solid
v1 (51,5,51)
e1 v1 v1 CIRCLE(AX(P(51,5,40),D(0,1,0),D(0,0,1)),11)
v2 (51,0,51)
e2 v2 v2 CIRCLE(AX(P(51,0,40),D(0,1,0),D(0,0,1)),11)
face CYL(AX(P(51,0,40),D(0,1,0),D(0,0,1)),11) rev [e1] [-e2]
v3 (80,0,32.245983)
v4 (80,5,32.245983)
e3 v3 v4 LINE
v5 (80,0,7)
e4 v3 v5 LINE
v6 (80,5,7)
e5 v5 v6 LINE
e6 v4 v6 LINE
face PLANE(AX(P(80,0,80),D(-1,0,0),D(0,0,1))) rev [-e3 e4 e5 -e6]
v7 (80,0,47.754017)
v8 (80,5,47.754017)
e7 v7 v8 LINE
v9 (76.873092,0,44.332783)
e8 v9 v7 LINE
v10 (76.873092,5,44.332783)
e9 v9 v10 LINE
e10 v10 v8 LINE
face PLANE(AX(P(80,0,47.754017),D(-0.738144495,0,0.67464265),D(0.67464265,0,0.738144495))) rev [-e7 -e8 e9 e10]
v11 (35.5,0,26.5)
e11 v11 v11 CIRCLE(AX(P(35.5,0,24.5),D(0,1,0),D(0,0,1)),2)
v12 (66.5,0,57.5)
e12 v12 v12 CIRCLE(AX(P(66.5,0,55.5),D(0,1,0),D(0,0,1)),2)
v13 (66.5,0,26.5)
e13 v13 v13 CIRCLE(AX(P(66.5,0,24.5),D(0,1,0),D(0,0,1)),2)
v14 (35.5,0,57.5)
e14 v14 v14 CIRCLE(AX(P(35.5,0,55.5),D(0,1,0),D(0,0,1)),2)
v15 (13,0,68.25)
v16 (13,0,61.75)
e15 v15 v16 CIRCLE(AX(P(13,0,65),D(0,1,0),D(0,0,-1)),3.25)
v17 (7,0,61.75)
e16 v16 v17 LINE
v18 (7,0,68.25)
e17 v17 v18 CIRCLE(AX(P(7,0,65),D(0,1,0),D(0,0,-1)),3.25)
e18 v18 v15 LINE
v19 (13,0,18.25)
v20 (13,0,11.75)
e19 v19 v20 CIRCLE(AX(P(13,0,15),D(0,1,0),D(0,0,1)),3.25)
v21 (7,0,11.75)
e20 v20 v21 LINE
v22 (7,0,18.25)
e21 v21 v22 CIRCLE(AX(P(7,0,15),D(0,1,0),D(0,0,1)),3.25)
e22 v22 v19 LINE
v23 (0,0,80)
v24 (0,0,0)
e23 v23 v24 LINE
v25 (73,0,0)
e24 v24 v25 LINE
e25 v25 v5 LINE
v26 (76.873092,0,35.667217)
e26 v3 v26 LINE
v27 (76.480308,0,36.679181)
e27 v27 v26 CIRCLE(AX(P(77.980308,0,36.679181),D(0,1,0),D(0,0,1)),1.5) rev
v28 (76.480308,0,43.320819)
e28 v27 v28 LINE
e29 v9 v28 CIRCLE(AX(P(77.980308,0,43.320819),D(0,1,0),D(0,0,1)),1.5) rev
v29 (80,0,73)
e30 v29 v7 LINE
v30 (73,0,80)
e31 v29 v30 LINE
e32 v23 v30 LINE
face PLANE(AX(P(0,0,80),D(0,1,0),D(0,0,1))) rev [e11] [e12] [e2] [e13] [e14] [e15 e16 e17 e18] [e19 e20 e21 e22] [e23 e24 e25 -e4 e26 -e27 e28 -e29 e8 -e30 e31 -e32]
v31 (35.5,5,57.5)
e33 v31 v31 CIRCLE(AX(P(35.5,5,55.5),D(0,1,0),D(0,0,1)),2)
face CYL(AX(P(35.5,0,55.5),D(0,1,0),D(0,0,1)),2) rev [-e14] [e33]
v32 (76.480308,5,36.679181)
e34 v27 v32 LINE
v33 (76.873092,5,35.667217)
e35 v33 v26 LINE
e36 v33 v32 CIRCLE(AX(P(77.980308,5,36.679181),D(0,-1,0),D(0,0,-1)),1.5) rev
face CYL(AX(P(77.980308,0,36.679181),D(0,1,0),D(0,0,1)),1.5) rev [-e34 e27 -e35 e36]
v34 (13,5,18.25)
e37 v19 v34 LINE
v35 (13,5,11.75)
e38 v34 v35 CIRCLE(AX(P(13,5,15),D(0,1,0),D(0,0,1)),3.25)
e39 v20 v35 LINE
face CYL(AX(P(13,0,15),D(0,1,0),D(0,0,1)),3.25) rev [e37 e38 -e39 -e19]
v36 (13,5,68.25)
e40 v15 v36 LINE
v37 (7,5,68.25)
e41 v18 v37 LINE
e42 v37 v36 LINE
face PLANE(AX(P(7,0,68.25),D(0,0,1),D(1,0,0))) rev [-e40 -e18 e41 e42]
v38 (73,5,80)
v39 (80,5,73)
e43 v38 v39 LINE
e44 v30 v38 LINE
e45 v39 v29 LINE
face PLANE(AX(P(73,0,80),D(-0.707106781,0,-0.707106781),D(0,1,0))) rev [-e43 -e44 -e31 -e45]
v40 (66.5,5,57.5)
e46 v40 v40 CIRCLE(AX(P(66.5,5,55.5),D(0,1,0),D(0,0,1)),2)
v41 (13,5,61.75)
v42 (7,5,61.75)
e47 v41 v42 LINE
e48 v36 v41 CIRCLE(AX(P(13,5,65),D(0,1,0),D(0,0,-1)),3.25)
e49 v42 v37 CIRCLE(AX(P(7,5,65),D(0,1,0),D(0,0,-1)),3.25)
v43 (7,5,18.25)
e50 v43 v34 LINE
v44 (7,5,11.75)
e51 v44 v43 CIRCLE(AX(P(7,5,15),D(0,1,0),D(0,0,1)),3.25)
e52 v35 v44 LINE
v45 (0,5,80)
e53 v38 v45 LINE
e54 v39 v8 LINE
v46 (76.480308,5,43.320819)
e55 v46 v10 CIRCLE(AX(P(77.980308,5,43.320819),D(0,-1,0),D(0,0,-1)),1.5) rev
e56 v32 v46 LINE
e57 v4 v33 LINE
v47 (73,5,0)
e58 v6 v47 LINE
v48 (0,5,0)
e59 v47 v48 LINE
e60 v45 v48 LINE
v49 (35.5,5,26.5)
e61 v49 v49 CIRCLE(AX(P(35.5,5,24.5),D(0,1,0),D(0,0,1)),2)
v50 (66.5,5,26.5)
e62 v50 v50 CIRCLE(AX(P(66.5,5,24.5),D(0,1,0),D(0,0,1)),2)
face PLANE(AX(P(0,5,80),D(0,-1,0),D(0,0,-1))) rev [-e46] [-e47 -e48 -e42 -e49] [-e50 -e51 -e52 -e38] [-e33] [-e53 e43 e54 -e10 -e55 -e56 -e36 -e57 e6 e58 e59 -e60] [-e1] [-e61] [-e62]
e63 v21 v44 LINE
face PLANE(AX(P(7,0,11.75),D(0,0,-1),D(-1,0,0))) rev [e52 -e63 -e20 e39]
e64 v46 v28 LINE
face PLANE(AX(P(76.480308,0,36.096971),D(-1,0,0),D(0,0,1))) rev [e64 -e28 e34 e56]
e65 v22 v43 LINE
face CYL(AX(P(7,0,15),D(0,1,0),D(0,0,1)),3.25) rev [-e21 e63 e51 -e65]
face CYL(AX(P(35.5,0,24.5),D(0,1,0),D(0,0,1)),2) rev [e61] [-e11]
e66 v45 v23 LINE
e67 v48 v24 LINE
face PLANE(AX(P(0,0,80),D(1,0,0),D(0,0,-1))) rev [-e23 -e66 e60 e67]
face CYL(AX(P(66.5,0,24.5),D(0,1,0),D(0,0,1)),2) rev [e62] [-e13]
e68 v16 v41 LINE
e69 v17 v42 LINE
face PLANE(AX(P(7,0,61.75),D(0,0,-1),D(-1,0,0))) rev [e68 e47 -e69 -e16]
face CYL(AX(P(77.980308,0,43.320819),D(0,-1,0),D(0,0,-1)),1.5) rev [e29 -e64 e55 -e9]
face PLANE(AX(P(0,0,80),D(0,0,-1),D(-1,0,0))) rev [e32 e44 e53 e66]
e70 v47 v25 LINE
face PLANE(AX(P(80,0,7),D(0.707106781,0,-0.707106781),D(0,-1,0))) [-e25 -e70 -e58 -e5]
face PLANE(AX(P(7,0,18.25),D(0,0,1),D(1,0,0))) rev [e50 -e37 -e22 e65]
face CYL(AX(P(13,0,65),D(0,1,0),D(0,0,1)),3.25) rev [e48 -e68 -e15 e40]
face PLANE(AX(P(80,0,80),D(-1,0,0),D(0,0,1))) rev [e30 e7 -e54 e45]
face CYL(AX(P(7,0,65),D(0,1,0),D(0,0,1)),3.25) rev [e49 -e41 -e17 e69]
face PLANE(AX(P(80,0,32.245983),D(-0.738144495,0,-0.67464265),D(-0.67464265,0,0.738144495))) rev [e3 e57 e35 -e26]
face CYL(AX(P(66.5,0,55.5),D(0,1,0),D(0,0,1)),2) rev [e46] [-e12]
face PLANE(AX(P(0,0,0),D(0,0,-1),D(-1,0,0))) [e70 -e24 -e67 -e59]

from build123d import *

# Parameters (mm, degrees)
SCHIZZO1_W                   = 80
SCHIZZO1_H                   = 5
ESTRUSIONE_ESTRUSIONE1_DEPTH = 80
SCHIZZO4_R                   = 11
TAGLIO_ESTRUSIONE1_DEPTH     = 6
SCHIZZO6_R                   = 2
TAGLIO_ESTRUSIONE3_DEPTH     = 6
CHAMFER1_SIZE                = 7
CUT_EXTRUDE1_DEPTH           = 6
CUT_EXTRUDE2_DEPTH           = 6
FILLET1_R                    = 1.5
FILLET2_R                    = 1.5


with BuildPart() as part:
    # Schizzo1 → Estrusione-Estrusione1 (new body)
    with BuildSketch(Plane.XY):
        with Locations((40, 2.5)):
            Rectangle(SCHIZZO1_W, SCHIZZO1_H)
    extrude(amount=ESTRUSIONE_ESTRUSIONE1_DEPTH)

    # Schizzo4 → Taglio-Estrusione1 (cut, through all)
    with BuildSketch(Plane(origin=(0, 5, 0), x_dir=(1, 0, 0), z_dir=(0, 1, 0))):
        with Locations((51, -40)):
            Circle(SCHIZZO4_R)
    extrude(amount=-TAGLIO_ESTRUSIONE1_DEPTH, mode=Mode.SUBTRACT)

    # Schizzo6 → Taglio-Estrusione3 (cut, through all)
    with BuildSketch(Plane(origin=(0, 5, 0), x_dir=(1, 0, 0), z_dir=(0, 1, 0))):
        with Locations((35.5, -24.5)):
            Circle(SCHIZZO6_R)
        with Locations((66.5, -24.5)):
            Circle(SCHIZZO6_R)
        with Locations((66.5, -55.5)):
            Circle(SCHIZZO6_R)
        with Locations((35.5, -55.5)):
            Circle(SCHIZZO6_R)
    extrude(amount=-TAGLIO_ESTRUSIONE3_DEPTH, mode=Mode.SUBTRACT)

    # Chamfer1
    chamfer1_edges = [part.edges().sort_by_distance(p)[0] for p in [
        (80, 2.5, 80),
        (80, 2.5, 0),
    ]]
    chamfer(chamfer1_edges, length=CHAMFER1_SIZE)

    # Sketch1 → Cut-Extrude1 (cut, through all)
    with BuildSketch(Plane(origin=(0, 5, 0), x_dir=(1, 0, 0), z_dir=(0, 1, 0))):
        with BuildLine():
            Line((7, -11.75), (13, -11.75))
            ThreePointArc((13, -11.75), (16.25, -15), (13, -18.25))
            Line((13, -18.25), (7, -18.25))
            ThreePointArc((7, -18.25), (3.75, -15), (7, -11.75))
        make_face()
        with BuildLine():
            Line((7, -68.25), (13, -68.25))
            ThreePointArc((13, -68.25), (16.25, -65), (13, -61.75))
            Line((13, -61.75), (7, -61.75))
            ThreePointArc((7, -61.75), (3.75, -65), (7, -68.25))
        make_face()
    extrude(amount=-CUT_EXTRUDE1_DEPTH, mode=Mode.SUBTRACT)

    # Sketch2 → Cut-Extrude2 (cut, through all)
    with BuildSketch(Plane(origin=(0, 5, 0), x_dir=(1, 0, 0), z_dir=(0, 1, 0))):
        Polygon((80, -32.245982949), (76.480308406, -36.096971283), (76.480308406, -43.903028717), (80, -47.754017051), align=None)
    extrude(amount=-CUT_EXTRUDE2_DEPTH, mode=Mode.SUBTRACT)

    # Fillet1
    fillet1_edges = [part.edges().sort_by_distance(p)[0] for p in [
        (76.480308406, 2.5, 36.096971283),
    ]]
    fillet(fillet1_edges, radius=FILLET1_R)

    # Fillet2
    fillet2_edges = [part.edges().sort_by_distance(p)[0] for p in [
        (76.480308406, 2.5, 43.903028717),
    ]]
    fillet(fillet2_edges, radius=FILLET2_R)


solid = part.part
